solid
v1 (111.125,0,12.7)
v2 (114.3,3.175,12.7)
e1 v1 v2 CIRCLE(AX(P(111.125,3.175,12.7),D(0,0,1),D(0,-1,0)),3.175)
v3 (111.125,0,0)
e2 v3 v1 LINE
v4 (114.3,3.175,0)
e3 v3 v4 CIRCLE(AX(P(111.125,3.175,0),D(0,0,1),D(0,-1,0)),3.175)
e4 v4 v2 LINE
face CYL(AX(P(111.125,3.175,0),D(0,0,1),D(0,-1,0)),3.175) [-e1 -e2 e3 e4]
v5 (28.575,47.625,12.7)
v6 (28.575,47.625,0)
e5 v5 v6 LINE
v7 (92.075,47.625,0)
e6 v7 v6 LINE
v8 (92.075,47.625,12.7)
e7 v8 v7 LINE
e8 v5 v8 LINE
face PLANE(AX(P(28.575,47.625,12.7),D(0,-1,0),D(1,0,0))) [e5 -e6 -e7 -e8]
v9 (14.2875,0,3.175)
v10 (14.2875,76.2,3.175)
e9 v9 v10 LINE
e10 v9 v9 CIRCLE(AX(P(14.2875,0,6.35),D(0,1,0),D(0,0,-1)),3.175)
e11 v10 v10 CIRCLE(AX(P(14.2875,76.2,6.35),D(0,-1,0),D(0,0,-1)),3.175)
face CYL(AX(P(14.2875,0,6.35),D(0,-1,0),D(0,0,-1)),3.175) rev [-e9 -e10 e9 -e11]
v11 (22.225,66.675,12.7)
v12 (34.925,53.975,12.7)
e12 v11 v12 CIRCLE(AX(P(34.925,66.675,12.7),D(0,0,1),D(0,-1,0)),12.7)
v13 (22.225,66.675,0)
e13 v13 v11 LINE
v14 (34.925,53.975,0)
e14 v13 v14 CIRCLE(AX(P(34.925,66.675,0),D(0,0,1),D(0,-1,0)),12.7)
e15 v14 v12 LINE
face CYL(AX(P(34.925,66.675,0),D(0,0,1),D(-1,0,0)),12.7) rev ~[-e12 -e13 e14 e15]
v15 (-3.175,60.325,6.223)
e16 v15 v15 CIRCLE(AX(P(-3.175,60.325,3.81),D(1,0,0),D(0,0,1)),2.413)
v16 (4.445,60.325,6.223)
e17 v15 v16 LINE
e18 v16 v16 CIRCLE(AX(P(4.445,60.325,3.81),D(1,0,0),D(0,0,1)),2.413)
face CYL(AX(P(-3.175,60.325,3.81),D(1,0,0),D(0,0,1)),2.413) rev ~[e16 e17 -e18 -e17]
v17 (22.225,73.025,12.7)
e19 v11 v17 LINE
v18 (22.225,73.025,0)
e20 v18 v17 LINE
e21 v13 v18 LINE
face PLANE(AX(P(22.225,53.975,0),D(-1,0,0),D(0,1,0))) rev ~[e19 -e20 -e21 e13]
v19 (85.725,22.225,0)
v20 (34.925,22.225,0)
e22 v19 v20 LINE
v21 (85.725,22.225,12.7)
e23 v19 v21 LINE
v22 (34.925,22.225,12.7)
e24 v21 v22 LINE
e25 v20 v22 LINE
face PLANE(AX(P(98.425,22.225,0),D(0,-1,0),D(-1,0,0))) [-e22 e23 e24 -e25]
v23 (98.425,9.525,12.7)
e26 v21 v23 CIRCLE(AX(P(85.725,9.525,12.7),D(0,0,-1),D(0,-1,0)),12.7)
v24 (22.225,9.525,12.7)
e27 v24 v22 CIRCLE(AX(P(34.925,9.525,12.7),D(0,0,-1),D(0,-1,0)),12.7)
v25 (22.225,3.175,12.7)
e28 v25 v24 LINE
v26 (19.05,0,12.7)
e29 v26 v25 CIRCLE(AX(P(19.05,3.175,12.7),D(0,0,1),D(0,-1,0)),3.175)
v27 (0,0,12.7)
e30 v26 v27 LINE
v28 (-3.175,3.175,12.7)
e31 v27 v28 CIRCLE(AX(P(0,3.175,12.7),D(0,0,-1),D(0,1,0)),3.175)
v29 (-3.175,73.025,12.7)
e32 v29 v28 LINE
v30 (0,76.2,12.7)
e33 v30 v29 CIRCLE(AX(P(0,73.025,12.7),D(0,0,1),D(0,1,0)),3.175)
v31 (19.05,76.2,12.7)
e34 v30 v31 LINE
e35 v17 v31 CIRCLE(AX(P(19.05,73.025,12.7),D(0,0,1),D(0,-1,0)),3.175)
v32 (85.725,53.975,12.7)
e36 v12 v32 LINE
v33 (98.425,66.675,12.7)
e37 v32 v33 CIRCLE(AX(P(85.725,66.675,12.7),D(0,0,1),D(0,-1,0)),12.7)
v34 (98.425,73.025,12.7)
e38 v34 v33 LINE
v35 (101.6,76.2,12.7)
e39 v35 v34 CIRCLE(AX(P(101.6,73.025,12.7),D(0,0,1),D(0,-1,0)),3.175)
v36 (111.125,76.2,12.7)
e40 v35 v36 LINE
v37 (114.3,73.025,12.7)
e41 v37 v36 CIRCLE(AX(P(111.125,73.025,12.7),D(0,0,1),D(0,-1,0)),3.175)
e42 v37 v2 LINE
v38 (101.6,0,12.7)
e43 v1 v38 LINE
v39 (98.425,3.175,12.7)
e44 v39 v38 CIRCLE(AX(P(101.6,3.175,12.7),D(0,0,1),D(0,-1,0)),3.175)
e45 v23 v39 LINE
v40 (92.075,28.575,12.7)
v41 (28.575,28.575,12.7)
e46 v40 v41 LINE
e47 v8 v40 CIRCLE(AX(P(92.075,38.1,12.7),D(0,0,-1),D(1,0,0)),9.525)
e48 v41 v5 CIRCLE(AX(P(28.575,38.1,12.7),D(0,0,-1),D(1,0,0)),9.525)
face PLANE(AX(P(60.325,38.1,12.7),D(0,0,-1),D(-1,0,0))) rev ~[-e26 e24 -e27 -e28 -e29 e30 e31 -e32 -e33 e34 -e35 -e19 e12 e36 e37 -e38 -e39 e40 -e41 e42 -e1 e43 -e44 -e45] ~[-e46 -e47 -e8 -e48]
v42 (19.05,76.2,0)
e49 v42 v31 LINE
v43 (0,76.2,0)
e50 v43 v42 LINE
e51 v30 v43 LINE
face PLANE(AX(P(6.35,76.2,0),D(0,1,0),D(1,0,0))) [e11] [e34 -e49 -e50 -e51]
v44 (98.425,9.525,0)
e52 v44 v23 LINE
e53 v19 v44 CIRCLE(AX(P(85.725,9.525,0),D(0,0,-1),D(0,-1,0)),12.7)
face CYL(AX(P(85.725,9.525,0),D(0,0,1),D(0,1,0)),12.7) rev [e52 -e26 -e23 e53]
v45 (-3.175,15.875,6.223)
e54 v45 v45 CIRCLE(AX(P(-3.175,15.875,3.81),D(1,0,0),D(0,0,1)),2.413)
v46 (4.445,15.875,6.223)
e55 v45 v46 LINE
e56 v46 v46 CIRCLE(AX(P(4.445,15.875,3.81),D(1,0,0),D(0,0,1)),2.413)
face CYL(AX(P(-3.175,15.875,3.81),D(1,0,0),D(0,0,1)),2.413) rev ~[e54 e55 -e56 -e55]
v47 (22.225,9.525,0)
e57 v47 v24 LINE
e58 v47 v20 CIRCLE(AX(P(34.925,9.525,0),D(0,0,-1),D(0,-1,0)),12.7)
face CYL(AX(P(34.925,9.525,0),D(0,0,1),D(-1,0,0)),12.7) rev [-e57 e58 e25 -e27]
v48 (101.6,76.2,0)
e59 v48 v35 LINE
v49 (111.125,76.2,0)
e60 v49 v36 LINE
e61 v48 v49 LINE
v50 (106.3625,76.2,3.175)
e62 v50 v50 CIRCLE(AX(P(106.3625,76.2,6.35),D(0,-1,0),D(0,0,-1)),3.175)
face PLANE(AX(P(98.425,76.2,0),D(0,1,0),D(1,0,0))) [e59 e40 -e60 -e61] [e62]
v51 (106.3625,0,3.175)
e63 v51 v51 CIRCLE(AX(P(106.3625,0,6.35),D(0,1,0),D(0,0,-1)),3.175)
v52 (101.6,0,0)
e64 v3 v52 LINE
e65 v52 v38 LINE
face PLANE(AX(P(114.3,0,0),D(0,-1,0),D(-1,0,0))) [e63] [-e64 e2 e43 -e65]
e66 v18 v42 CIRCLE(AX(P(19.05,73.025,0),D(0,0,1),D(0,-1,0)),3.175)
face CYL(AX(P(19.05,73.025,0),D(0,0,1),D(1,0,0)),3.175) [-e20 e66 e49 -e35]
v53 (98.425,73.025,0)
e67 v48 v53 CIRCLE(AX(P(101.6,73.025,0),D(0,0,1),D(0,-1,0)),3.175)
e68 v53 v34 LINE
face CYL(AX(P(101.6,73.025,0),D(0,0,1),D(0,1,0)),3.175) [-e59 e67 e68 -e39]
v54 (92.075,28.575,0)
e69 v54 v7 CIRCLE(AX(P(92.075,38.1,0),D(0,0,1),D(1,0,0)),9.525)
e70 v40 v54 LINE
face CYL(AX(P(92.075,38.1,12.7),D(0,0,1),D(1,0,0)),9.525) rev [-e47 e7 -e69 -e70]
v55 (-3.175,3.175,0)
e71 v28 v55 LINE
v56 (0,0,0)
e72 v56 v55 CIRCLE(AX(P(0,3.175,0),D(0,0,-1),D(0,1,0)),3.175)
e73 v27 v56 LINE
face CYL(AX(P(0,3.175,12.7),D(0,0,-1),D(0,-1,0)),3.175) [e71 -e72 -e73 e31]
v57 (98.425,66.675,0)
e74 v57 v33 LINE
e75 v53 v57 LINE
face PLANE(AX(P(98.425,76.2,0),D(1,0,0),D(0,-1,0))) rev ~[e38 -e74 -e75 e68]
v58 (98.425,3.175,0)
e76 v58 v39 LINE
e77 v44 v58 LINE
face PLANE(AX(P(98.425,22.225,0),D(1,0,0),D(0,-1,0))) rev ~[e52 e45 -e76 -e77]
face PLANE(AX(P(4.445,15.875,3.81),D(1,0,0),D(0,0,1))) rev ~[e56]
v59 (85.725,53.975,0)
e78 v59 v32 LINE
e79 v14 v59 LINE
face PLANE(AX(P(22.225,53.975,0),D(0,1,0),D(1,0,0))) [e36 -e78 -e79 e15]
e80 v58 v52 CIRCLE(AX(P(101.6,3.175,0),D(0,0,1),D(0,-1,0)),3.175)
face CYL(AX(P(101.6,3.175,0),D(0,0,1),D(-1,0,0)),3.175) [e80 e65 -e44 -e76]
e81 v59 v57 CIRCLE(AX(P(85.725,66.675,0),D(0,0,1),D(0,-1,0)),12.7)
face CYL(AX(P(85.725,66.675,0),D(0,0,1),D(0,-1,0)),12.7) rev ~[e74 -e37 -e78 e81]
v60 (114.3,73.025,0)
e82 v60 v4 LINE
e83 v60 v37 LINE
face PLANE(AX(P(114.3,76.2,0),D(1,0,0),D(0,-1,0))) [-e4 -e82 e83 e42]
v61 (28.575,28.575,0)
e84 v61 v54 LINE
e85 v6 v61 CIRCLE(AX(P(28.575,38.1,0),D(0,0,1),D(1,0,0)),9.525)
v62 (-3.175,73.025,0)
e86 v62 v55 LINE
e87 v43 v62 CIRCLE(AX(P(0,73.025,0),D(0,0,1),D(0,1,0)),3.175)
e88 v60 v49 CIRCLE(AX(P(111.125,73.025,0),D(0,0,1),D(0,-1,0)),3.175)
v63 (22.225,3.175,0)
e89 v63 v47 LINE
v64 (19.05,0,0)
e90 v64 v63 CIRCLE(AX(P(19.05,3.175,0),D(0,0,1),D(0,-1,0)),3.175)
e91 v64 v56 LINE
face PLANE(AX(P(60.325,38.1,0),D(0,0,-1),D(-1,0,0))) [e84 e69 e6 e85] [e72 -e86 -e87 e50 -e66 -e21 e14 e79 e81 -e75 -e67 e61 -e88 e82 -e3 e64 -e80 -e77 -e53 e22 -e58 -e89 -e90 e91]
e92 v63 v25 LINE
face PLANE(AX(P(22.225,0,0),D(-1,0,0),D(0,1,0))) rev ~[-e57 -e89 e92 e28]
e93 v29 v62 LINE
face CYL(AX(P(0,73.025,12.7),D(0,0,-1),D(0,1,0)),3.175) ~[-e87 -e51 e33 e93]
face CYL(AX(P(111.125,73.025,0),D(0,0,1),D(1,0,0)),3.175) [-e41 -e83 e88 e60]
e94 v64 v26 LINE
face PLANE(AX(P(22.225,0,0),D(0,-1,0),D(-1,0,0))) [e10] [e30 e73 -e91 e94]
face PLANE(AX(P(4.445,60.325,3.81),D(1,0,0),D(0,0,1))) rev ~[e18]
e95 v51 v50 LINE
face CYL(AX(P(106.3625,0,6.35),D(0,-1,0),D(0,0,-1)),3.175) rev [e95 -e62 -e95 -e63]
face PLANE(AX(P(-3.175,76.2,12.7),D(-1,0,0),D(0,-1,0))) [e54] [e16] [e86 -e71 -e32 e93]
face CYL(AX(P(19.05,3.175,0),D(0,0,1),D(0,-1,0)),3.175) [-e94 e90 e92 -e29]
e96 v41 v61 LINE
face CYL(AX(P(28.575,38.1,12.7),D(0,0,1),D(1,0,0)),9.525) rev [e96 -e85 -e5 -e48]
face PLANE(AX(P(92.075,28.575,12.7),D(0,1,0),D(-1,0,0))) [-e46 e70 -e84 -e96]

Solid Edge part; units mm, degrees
sketch "Sketch1" plane through (0, 0, 0) normal (0, 0, 1) x (1, 0, 0)
  line L0 (6.35, 0) -> (6.35, 76.2)
  line L1 (6.35, 76.2) -> (22.225, 76.2)
  line L2 (22.225, 53.975) -> (22.225, 76.2)
  line L3 (22.225, 53.975) -> (98.425, 53.975)
  line L4 (98.425, 76.2) -> (98.425, 53.975)
  line L5 (98.425, 76.2) -> (114.3, 76.2)
  line L6 (114.3, 76.2) -> (114.3, 0)
  line L7 (114.3, 0) -> (98.425, 0)
  line L8 (98.425, 22.225) -> (98.425, 0)
  line L9 (98.425, 22.225) -> (22.225, 22.225)
  line L10 (22.225, 0) -> (22.225, 22.225)
  line L11 (22.225, 0) -> (6.35, 0)
  dimension "D1" = 76.2
  dimension "D2" = 15.875
  dimension "D3" = 22.225
  dimension "D4" = 107.95
  dimension "D5" = 31.75
extrude "Protrusion1" add sketch "Sketch1" along normal blind 12.7
hole "Hole_1" at (14.2875, 0, 6.35) direction (0, 1, 0) diameter 6.35 end through all
hole "Hole1" at (106.3625, 0, 6.35) direction (0, 1, 0) diameter 6.35 end through all
sketch "Sketch2" plane through (63.5, 38.1, 12.7) normal (0, 0, 1) x (1, 0, 0)
  line L0 (28.575, -9.525) -> (-34.925, -9.525)
  line L1 (-34.925, 9.525) -> (28.575, 9.525)
  arc A0 (-34.925, -9.525) -> (-34.925, 9.525) centre (-34.925, 0) cw
  arc A1 (28.575, 9.525) -> (28.575, -9.525) centre (28.575, 0) cw
extrude "Cutout1" cut sketch "Sketch2" against normal through all
fillet "Round_1" radius 12.7 4 edges at (22.225, 22.225, 6.35) (22.225, 53.975, 6.35) (98.425, 53.975, 6.35) (98.425, 22.225, 6.35)
sketch "Sketch3" plane through (60.325, 38.1, 12.7) normal (0, 0, 1) x (1, 0, 0)
  line L0 (-63.5, 38.1) -> (-63.5, -38.1)
  line L1 (-63.5, -38.1) -> (-50.8, -38.1)
  line L2 (-50.8, -38.1) -> (-50.8, 38.1)
  line L3 (-50.8, 38.1) -> (-63.5, 38.1)
  dimension "D1" = 9.525
  dimension "D2" = 12.7
extrude "ExtrudedProtrusion_2" add sketch "Sketch3" against normal blind 12.7
fillet "Round_2" radius 3.175 8 edges at (22.225, 0, 6.35) (22.225, 76.2, 6.35) (98.425, 76.2, 6.35) (114.3, 76.2, 6.35) (114.3, 0, 6.35) (98.425, 0, 6.35) (-3.175, 76.2, 6.35) (-3.175, 0, 6.35)
hole "Hole_5" at (-3.175, 15.875, 3.81) direction (1, 0, 0) diameter 4.826 depth 7.62
hole "Hole2" at (-3.175, 60.325, 3.81) direction (1, 0, 0) diameter 4.826 depth 7.62
extrude "ExtrudedCutout_2" [suppressed]
fillet "Round_4" [suppressed]
hole "Hole_9" [suppressed]
properties part number "SR-03" material "Polyethylene, low density"
